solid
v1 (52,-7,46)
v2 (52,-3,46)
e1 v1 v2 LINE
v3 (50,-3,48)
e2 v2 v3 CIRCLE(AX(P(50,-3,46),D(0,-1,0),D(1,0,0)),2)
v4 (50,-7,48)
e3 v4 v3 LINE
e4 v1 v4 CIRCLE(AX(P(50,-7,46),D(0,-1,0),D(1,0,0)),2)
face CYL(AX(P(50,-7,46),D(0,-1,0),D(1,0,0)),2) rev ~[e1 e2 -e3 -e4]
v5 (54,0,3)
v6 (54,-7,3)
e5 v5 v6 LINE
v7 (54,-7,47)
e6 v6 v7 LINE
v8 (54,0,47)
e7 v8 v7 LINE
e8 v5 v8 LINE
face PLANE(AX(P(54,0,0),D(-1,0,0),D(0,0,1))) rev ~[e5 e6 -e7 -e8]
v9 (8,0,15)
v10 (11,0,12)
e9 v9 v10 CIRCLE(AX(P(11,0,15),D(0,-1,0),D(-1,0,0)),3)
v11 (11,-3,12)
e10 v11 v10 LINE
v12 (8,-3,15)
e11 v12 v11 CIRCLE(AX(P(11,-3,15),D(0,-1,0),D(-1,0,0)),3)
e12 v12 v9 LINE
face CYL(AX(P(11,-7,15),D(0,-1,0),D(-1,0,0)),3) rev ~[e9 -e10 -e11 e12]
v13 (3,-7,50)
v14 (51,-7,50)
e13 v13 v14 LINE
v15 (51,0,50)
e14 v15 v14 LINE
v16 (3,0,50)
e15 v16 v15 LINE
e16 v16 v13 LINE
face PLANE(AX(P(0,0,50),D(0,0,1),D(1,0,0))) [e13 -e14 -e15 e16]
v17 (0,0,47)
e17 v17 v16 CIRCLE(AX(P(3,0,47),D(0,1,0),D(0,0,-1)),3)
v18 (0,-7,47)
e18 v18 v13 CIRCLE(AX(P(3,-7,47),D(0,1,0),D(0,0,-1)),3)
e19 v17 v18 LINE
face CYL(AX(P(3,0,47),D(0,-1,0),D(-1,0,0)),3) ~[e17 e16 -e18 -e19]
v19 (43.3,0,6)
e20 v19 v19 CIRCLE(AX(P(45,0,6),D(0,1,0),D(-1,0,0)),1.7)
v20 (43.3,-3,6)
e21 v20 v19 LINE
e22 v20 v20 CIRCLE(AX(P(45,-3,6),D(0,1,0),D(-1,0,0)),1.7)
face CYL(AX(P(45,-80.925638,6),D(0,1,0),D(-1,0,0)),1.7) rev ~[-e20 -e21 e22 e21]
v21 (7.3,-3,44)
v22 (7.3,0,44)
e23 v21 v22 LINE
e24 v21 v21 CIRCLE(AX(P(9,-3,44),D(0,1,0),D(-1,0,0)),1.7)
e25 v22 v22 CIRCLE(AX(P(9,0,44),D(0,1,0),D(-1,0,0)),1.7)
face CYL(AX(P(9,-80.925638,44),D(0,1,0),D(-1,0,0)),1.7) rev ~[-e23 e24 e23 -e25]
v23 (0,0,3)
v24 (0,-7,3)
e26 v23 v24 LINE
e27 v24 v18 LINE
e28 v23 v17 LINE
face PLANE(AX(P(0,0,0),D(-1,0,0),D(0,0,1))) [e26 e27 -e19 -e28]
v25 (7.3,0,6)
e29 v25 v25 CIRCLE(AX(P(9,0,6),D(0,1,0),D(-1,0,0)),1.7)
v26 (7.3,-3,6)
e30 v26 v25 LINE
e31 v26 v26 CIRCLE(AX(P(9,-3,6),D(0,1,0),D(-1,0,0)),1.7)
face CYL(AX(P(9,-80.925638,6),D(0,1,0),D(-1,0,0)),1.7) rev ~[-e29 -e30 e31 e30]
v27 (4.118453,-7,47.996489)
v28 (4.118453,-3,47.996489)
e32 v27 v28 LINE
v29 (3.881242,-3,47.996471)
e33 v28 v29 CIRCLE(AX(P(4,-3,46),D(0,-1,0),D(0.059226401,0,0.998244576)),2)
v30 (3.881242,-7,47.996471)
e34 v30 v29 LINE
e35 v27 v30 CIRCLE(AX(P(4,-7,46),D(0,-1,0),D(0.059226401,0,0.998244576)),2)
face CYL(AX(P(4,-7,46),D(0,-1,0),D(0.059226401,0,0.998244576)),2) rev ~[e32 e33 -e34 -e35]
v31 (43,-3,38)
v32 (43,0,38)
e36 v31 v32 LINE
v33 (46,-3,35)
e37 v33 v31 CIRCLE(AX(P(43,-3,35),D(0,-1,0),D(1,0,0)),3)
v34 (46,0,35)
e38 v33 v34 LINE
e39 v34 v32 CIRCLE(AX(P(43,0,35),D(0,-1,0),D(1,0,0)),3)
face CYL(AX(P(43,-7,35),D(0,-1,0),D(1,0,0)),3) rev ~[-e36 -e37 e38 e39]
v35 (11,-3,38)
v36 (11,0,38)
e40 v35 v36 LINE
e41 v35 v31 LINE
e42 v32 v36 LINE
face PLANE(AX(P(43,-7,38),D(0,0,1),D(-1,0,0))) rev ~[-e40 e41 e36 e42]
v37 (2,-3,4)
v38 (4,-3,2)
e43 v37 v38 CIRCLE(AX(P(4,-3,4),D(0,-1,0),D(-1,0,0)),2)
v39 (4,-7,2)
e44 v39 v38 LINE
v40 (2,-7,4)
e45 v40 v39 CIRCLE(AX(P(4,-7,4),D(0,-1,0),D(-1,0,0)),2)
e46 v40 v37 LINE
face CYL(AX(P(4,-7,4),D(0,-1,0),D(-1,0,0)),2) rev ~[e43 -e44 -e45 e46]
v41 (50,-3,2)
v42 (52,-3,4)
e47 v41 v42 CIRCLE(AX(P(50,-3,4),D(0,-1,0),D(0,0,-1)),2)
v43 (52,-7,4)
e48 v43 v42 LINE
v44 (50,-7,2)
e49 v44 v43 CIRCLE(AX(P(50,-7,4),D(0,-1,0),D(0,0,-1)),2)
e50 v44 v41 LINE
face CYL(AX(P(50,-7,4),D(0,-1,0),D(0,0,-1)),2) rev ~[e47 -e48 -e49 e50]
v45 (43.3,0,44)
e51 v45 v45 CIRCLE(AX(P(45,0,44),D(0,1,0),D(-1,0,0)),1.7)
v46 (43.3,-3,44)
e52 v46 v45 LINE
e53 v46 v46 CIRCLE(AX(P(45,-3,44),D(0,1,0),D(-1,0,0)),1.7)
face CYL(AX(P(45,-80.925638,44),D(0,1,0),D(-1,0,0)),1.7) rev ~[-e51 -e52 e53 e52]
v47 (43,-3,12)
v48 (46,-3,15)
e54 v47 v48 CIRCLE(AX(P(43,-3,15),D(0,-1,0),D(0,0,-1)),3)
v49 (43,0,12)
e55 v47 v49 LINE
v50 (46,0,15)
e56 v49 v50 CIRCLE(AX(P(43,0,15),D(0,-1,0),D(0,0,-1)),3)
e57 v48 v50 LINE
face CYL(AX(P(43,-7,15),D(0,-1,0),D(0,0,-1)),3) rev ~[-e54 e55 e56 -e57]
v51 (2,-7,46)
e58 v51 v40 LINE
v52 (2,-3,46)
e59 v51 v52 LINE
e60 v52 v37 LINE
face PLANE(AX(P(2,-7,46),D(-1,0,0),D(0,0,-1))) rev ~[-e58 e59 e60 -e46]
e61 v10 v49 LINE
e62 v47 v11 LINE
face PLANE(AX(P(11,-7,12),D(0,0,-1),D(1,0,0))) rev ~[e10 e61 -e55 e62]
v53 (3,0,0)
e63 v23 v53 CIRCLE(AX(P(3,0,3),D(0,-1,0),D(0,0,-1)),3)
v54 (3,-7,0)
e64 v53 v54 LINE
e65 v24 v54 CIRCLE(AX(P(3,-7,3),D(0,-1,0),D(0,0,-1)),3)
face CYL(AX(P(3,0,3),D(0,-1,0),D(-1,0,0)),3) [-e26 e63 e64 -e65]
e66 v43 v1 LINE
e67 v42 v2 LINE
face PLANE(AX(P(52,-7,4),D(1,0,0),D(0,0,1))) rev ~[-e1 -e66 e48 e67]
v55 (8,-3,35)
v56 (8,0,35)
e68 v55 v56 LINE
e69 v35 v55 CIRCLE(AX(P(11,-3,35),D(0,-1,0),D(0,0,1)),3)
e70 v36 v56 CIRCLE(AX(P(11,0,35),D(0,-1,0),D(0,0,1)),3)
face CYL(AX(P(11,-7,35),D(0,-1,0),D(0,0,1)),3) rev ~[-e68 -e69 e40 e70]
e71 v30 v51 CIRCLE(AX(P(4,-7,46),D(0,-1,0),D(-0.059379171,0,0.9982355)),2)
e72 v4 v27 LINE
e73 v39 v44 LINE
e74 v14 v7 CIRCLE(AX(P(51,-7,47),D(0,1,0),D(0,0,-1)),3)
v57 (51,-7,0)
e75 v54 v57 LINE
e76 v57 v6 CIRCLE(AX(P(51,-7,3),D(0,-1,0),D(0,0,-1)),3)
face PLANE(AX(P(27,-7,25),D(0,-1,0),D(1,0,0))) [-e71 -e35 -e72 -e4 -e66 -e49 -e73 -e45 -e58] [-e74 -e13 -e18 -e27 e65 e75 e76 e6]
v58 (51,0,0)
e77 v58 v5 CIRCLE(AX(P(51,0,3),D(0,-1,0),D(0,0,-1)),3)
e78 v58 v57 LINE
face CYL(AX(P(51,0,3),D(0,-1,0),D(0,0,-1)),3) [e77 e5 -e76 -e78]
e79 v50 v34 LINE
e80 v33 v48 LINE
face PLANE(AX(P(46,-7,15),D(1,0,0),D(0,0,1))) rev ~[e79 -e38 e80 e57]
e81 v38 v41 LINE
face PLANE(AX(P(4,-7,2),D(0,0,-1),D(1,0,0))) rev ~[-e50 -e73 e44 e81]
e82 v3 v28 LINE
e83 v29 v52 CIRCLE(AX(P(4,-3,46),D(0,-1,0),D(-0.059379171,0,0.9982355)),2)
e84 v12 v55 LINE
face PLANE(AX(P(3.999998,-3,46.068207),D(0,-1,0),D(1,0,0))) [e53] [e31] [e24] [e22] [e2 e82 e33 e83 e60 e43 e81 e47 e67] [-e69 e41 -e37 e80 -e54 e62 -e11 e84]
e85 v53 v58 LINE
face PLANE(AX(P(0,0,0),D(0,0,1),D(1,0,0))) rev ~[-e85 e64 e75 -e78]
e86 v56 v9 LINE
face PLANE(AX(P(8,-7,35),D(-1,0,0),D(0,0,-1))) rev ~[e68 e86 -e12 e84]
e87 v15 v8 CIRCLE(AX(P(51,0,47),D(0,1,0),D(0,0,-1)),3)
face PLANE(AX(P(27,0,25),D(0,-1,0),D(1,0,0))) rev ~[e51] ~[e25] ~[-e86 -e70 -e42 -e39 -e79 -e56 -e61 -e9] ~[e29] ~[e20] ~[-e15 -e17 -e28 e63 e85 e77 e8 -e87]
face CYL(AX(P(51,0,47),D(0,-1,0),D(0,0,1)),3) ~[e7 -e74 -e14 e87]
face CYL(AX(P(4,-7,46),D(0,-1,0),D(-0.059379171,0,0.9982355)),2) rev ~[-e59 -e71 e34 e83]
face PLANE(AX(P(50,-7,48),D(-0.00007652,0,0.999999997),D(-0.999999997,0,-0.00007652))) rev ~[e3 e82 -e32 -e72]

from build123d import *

# Parameters (mm, degrees)
F0_W     = 54
F0_H     = 50
F1_DEPTH = 7
F3_D     = 3.4
F5_DEPTH = 25
F7_DEPTH = 4
F8_R     = 3


with BuildPart() as f1:
    # F0 (on Front) → F1 (new body)
    with BuildSketch(Plane.XZ):
        with Locations((27, 25)):
            Rectangle(F0_W, F0_H)
    extrude(amount=F1_DEPTH)

    # F3 (through all)
    with Locations(Plane.XZ.offset(7)):
        with Locations((9, 44), (45, 44), (9, 6), (45, 6)):
            Hole(F3_D / 2)

    # F4 (on face) → F5 (cut)
    with BuildSketch(Plane.XZ.offset(7)):
        with BuildLine():
            Line((43, 38), (11, 38))
            ThreePointArc((11, 38), (8.8786796564, 37.1213203436), (8, 35))
            Line((8, 35), (8, 15))
            ThreePointArc((8, 15), (8.8786796564, 12.8786796564), (11, 12))
            Line((11, 12), (43, 12))
            ThreePointArc((43, 12), (45.1213203436, 12.8786796564), (46, 15))
            Line((46, 15), (46, 35))
            ThreePointArc((46, 35), (45.1213203436, 37.1213203436), (43, 38))
        make_face()
    extrude(amount=-F5_DEPTH, mode=Mode.SUBTRACT)

    # F6 (on face) → F7 (cut)
    with BuildSketch(Plane.XZ.offset(7)):
        with BuildLine():
            Line((4.1184528013, 47.9964891519), (3.881241658, 47.9964710006))
            ThreePointArc((3.881241658, 47.9964710006), (2.5444044717, 47.3715836314), (2, 46))
            ThreePointArc((2, 46), (4, 44), (6, 46))
            ThreePointArc((6, 46), (5.4554905707, 47.3716950093), (4.1184528013, 47.9964891519))
        make_face()
        with BuildLine():
            ThreePointArc((4.1184528013, 47.9964891519), (3.9998469603, 47.9999999941), (3.881241658, 47.9964710006))
            Line((3.881241658, 47.9964710006), (4.1184528013, 47.9964891519))
        make_face()
        with BuildLine():
            ThreePointArc((6, 46), (4, 44), (2, 46))
            Line((2, 46), (2, 4))
            ThreePointArc((2, 4), (4, 6), (6, 4))
            ThreePointArc((6, 4), (5.4142135624, 2.5857864376), (4, 2))
            Line((4, 2), (50, 2))
            ThreePointArc((50, 2), (48.5857864376, 5.4142135624), (52, 4))
            Line((52, 4), (52, 46))
            ThreePointArc((52, 46), (48.5857864376, 44.5857864376), (50, 48))
            Line((50, 48), (4.1184528013, 47.9964891519))
            ThreePointArc((4.1184528013, 47.9964891519), (5.4554905707, 47.3716950093), (6, 46))
        make_face()
        with BuildLine():
            Line((4, 2), (2, 4))
            ThreePointArc((2, 4), (2.5857864376, 2.5857864376), (4, 2))
        make_face()
        with BuildLine():
            ThreePointArc((6, 4), (4, 6), (2, 4))
            Line((2, 4), (4, 2))
            ThreePointArc((4, 2), (5.4142135624, 2.5857864376), (6, 4))
        make_face()
        with BuildLine():
            Line((52, 46), (50, 48))
            ThreePointArc((50, 48), (48.5857864376, 44.5857864376), (52, 46))
        make_face()
        with BuildLine():
            ThreePointArc((52, 46), (51.4142135624, 47.4142135624), (50, 48))
            Line((50, 48), (52, 46))
        make_face()
        with BuildLine():
            Line((52, 4), (50, 2))
            ThreePointArc((50, 2), (51.4142135624, 2.5857864376), (52, 4))
        make_face()
        with BuildLine():
            ThreePointArc((52, 4), (48.5857864376, 5.4142135624), (50, 2))
            Line((50, 2), (52, 4))
        make_face()
    extrude(amount=-F7_DEPTH, mode=Mode.SUBTRACT)

    # F8
    f8_edges = [f1.edges().sort_by_distance(p)[0] for p in [
        (54, -3.5, 50),
        (54, -3.5, 0),
        (0, -3.5, 0),
        (0, -3.5, 50),
    ]]
    fillet(f8_edges, radius=F8_R)


solid = f1.part
